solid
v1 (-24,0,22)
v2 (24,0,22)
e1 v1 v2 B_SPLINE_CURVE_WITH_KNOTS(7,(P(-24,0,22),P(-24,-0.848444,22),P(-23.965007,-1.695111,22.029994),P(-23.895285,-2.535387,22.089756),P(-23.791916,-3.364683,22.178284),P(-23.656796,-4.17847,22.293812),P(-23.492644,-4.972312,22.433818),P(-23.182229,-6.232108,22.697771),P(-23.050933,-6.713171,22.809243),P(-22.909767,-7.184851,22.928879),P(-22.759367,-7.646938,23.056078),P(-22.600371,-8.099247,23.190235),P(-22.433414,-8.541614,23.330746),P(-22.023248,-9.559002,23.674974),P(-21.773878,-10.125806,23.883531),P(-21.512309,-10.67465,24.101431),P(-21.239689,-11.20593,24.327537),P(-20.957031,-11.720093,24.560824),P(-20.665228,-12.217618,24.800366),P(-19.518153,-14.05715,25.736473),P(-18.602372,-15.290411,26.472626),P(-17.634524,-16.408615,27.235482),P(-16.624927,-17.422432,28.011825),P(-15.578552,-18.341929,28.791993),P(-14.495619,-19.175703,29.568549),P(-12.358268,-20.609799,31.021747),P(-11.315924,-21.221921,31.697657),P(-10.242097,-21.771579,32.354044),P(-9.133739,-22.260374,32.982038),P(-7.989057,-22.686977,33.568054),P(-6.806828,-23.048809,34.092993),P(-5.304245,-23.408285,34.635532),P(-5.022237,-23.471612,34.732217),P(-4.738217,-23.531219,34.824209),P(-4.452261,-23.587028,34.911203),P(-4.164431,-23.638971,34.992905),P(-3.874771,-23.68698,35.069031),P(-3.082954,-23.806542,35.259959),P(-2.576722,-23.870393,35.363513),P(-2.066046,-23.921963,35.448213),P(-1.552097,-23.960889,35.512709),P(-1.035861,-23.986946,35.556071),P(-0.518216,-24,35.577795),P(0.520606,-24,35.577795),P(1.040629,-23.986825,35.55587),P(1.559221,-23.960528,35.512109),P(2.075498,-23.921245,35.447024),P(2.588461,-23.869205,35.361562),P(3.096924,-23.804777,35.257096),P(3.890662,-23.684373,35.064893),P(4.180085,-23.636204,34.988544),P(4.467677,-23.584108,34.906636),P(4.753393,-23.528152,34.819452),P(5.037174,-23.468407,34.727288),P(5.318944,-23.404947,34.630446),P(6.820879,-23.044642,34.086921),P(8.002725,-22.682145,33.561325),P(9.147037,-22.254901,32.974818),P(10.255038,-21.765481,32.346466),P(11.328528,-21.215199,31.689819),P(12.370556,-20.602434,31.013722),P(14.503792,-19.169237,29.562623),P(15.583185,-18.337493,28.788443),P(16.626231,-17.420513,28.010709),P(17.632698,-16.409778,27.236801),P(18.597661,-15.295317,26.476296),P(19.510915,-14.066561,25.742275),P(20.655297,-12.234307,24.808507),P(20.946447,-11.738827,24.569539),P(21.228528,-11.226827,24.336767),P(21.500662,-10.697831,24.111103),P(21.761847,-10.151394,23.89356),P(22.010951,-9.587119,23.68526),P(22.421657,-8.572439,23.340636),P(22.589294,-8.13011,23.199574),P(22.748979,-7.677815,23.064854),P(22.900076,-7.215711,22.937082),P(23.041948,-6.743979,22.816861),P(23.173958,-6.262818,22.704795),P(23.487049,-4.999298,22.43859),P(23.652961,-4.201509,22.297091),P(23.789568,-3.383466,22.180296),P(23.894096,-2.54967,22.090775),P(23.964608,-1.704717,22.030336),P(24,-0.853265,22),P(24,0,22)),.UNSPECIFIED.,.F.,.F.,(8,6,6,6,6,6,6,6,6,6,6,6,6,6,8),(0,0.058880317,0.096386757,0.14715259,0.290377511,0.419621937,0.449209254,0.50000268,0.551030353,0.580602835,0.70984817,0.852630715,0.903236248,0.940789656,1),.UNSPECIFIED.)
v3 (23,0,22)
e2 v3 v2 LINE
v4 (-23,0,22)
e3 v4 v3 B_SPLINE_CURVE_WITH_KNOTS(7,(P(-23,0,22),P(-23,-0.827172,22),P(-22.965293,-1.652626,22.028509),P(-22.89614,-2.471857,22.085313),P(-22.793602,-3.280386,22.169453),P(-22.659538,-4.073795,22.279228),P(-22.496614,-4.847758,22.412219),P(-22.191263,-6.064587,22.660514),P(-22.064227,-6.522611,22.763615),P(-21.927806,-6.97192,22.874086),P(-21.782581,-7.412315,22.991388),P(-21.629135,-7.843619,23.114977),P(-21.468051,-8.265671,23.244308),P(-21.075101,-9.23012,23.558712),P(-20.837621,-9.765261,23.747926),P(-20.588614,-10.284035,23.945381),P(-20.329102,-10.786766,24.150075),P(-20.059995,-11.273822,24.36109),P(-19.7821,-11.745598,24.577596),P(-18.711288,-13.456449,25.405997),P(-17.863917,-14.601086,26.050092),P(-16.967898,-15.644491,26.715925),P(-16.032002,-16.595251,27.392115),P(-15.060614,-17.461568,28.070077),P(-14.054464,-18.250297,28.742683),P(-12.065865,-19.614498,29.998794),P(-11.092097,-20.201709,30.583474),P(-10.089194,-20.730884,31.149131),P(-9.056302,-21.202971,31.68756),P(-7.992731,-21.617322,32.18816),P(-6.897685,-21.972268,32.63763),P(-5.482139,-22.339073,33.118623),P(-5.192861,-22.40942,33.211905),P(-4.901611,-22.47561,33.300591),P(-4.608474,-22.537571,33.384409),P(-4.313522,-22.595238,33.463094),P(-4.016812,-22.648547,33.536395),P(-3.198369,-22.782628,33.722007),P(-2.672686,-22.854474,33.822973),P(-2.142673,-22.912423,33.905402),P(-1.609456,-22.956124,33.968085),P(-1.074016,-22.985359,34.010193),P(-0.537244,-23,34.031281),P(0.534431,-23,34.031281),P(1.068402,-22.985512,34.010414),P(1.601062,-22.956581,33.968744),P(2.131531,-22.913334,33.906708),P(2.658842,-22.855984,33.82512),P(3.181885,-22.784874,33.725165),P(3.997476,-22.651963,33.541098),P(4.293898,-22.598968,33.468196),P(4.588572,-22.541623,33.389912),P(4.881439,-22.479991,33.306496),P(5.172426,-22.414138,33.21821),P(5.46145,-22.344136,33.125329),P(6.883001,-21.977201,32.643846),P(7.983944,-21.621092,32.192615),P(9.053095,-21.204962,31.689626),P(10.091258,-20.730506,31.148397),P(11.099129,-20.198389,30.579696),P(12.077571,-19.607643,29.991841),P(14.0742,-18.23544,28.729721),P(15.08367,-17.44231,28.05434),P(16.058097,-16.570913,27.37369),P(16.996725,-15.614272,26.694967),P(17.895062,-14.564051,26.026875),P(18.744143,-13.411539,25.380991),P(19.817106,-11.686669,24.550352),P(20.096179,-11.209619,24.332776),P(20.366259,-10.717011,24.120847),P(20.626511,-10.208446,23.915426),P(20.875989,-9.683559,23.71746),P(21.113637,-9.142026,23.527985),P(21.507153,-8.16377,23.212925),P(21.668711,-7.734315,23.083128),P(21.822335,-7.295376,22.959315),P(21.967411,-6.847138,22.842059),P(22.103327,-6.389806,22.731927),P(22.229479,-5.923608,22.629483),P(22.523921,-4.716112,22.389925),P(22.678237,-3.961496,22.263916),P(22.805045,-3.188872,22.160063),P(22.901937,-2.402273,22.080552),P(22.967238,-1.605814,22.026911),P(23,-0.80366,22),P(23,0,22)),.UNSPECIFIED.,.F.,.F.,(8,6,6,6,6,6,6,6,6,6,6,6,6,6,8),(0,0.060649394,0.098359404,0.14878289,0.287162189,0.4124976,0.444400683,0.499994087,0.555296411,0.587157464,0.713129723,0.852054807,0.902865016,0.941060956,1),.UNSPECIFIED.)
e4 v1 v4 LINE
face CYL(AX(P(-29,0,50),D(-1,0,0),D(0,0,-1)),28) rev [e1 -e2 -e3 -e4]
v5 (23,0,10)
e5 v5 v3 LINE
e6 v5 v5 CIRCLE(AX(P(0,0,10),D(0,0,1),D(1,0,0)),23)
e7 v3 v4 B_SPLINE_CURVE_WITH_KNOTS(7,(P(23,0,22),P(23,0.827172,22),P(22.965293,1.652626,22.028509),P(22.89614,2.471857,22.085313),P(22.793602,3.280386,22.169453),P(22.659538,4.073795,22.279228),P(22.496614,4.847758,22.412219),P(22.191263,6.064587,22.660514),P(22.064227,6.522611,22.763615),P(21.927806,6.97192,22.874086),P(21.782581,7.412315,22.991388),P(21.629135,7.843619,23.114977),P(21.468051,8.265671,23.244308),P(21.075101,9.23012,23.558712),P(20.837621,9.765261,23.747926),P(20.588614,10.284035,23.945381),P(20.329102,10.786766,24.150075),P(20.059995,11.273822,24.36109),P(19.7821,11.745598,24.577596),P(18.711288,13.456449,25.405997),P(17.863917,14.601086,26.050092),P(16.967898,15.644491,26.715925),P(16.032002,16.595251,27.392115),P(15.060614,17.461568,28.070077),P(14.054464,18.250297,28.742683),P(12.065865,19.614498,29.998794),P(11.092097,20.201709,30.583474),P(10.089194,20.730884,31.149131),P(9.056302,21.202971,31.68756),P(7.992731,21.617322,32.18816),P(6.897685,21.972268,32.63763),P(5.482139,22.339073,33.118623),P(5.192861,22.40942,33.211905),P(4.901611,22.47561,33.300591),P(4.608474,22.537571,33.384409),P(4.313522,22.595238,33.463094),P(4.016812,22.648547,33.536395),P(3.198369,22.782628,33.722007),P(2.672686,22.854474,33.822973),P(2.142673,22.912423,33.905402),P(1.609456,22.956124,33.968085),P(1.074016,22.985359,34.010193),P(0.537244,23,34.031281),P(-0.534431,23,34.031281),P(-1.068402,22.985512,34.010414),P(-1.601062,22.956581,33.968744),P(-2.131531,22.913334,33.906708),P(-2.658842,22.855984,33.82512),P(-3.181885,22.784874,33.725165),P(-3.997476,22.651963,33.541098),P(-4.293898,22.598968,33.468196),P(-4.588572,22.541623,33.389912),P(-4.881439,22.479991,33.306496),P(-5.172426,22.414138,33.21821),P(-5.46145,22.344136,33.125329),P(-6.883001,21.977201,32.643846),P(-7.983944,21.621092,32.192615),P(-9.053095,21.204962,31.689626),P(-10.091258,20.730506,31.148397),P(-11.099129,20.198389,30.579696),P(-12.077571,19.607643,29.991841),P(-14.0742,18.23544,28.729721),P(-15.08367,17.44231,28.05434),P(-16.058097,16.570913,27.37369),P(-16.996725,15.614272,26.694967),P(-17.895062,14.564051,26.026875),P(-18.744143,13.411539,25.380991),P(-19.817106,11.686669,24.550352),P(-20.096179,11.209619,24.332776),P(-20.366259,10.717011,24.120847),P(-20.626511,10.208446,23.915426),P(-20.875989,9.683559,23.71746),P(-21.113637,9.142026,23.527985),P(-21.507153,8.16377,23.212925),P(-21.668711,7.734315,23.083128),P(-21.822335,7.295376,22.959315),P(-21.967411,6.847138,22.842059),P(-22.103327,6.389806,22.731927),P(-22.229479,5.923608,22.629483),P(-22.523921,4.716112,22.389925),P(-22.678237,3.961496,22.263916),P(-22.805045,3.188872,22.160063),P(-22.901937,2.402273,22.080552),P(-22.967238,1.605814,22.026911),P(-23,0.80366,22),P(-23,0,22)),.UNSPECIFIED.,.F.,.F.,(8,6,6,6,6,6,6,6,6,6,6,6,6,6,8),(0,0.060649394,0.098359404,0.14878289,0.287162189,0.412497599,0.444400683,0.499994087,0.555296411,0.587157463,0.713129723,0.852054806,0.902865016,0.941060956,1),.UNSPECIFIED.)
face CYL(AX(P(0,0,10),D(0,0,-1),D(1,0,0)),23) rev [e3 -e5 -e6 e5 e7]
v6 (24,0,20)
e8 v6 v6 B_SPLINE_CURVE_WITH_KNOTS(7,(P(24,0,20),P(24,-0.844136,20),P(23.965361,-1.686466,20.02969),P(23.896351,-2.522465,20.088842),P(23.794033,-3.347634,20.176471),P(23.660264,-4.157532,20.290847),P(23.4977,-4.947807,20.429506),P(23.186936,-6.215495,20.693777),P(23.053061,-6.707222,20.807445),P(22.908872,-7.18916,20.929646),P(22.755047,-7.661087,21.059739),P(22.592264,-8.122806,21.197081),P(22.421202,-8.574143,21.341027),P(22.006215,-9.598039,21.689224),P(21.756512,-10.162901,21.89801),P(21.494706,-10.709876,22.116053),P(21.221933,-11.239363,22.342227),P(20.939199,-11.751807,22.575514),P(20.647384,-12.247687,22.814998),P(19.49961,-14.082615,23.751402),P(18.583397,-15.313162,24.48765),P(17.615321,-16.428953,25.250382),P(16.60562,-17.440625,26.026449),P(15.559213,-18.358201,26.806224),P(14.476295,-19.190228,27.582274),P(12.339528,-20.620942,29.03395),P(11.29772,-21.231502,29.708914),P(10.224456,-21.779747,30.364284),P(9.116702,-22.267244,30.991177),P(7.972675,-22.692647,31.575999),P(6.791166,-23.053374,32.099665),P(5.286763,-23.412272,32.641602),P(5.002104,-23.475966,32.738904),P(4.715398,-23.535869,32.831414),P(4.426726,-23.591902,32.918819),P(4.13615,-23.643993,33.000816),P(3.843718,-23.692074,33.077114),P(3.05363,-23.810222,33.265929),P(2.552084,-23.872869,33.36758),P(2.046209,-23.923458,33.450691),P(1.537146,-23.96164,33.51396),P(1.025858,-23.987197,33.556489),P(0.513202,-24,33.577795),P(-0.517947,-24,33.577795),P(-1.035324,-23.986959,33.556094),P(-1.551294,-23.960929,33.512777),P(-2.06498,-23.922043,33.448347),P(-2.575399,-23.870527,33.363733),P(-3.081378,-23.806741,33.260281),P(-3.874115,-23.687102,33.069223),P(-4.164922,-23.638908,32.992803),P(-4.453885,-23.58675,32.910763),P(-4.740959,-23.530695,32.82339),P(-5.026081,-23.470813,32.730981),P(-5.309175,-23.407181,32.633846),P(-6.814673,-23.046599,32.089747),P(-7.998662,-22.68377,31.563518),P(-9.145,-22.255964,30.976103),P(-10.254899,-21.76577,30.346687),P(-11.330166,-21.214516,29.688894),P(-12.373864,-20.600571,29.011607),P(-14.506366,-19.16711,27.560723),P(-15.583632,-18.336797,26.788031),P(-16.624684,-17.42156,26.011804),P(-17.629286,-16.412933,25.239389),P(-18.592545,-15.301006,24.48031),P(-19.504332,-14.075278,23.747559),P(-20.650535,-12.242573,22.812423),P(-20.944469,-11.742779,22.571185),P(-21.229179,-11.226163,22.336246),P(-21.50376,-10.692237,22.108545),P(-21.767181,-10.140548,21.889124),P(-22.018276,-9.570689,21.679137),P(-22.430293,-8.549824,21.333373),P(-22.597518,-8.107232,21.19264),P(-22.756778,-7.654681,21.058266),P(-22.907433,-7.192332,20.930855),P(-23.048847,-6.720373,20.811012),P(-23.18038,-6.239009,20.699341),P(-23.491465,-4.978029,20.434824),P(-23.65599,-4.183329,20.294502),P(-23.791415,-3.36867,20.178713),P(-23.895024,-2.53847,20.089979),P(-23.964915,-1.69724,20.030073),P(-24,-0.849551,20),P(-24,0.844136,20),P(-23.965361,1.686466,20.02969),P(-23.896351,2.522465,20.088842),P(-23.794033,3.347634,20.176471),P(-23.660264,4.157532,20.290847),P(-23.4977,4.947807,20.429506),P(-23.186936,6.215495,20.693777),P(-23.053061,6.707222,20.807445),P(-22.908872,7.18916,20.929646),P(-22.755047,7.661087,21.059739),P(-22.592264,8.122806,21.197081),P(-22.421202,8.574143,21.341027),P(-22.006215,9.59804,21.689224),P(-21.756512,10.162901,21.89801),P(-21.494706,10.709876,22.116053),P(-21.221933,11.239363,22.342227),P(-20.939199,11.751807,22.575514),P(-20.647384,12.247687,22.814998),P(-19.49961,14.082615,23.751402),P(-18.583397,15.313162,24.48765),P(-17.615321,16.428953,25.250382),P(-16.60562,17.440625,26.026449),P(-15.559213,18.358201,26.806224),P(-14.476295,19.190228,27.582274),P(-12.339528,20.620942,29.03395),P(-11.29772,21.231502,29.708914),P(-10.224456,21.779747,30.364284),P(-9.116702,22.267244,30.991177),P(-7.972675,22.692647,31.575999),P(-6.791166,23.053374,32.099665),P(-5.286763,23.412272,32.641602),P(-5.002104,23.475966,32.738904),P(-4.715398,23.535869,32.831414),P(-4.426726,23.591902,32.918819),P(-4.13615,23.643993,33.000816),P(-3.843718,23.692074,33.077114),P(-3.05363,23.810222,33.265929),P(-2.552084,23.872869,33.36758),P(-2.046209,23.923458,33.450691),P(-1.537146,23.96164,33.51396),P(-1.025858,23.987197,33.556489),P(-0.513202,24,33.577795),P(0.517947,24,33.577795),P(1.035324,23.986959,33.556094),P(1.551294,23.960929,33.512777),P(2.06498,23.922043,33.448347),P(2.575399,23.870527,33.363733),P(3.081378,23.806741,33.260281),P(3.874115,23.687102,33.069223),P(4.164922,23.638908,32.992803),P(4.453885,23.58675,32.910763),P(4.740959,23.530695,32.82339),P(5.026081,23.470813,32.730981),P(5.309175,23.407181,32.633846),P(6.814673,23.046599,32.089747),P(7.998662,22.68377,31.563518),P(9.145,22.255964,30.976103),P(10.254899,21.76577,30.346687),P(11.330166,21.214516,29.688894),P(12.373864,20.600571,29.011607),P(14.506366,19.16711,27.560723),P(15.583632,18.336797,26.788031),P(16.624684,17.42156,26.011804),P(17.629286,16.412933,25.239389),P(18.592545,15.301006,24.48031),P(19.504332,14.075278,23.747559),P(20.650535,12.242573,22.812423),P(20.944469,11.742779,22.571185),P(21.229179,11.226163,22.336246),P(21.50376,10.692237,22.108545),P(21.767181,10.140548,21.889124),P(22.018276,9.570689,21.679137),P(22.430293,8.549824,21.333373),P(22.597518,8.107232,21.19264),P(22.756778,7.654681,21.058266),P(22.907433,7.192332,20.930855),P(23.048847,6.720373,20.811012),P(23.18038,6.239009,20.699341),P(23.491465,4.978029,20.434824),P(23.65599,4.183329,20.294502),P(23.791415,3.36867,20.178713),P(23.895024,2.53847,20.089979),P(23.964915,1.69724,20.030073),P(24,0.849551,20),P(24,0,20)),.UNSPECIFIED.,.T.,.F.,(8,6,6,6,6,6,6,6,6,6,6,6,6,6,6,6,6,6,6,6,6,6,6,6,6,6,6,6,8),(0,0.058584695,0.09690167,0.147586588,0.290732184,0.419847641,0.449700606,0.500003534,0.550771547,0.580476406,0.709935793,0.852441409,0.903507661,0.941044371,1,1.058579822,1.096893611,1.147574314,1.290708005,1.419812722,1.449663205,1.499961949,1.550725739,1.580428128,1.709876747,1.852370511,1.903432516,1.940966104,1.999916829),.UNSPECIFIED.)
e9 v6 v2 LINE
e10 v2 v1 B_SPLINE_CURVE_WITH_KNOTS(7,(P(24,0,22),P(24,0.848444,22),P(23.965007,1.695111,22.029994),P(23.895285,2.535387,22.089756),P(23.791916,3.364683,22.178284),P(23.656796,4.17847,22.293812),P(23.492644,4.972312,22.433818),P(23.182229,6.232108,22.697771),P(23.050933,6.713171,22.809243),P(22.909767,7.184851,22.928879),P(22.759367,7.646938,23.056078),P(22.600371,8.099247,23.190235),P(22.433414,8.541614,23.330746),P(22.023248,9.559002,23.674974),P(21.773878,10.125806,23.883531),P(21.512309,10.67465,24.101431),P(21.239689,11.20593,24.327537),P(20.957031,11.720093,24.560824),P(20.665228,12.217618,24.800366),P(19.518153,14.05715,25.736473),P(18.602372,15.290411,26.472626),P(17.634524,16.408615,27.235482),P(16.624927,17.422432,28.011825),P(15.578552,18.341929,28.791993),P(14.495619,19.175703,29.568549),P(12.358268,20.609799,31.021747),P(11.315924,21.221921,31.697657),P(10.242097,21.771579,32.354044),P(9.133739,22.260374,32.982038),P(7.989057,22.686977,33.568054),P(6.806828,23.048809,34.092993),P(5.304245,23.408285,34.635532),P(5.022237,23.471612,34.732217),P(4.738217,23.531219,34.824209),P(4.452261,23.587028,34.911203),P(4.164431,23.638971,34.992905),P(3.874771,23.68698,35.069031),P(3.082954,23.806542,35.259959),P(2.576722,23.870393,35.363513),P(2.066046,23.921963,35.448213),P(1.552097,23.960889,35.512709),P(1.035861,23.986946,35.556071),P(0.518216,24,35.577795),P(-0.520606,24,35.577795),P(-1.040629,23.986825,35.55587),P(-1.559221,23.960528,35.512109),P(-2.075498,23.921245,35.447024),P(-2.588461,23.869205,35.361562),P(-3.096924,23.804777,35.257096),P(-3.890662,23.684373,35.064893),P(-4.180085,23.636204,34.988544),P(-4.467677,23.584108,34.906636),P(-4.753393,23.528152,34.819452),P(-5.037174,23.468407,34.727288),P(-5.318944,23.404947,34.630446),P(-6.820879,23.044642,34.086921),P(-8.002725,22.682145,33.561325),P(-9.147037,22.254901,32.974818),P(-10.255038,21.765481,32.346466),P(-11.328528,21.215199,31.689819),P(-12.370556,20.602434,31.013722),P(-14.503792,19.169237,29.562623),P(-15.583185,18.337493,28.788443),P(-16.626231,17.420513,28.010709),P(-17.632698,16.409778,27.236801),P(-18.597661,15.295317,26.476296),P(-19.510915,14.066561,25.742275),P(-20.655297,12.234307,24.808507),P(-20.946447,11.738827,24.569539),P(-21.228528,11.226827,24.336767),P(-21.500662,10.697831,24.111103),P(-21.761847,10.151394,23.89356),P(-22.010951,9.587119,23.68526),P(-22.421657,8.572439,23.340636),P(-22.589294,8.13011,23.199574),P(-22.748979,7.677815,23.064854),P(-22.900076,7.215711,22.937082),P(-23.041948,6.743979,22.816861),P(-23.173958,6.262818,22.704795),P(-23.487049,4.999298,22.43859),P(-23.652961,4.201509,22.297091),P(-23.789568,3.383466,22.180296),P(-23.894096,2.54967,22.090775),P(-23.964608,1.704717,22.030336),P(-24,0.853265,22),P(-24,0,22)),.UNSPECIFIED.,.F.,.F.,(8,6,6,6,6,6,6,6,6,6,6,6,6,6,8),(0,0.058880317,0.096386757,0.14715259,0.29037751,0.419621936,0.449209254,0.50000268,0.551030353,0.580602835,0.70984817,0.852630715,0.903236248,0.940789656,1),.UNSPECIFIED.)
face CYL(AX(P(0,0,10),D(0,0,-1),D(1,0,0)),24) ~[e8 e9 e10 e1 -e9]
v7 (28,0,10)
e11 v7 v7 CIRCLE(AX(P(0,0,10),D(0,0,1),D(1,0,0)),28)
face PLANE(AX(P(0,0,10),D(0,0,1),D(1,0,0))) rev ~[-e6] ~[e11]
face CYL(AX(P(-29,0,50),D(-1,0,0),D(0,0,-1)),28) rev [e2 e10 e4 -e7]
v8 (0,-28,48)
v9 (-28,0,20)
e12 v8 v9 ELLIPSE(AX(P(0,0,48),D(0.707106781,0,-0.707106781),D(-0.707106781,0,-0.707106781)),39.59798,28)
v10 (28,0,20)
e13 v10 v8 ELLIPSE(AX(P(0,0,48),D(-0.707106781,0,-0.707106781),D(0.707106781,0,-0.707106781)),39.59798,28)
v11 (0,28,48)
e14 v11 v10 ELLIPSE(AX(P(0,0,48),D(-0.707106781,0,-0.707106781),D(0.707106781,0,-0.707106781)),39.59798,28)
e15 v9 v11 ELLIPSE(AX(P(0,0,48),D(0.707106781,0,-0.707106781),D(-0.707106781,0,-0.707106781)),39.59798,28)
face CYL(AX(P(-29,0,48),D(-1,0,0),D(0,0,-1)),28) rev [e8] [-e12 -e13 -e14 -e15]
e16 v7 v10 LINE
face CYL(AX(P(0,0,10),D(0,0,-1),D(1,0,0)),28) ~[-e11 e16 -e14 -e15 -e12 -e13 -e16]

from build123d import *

# Parameters (mm, degrees)
CYLINDER015_R     = 28
CYLINDER015_DEPTH = 61
CYLINDER014_R     = 23
CYLINDER014_DEPTH = 38
CYLINDER013_R     = 28
CYLINDER013_DEPTH = 38
CYLINDER017_R     = 28
CYLINDER017_DEPTH = 61
CYLINDER016_R     = 23
CYLINDER016_DEPTH = 40
CYLINDER018_R     = 24
CYLINDER018_DEPTH = 40


with BuildPart() as cylinder015:
    # Cylinder015 → Cylinder015 (new body)
    with BuildSketch(Plane(origin=(-29, 0, 38), x_dir=(0, 0, -1), z_dir=(1, 0, 0))):
        Circle(CYLINDER015_R)
    extrude(amount=CYLINDER015_DEPTH)


with BuildPart() as cylinder014:
    # Cylinder014 → Cylinder014 (new body)
    with BuildSketch(Plane.XY):
        Circle(CYLINDER014_R)
    extrude(amount=CYLINDER014_DEPTH)


with BuildPart() as cut013:
    # Cylinder013 → Cylinder013 (new body)
    with BuildSketch(Plane.XY):
        Circle(CYLINDER013_R)
    extrude(amount=CYLINDER013_DEPTH)

    # Cut012: cut Cylinder014
    add(cylinder014.part, mode=Mode.SUBTRACT)

    # Cut013: cut Cylinder015
    add(cylinder015.part, mode=Mode.SUBTRACT)


with BuildPart() as cylinder017:
    # Cylinder017 → Cylinder017 (new body)
    with BuildSketch(Plane(origin=(-29, 0, 40), x_dir=(0, 0, -1), z_dir=(1, 0, 0))):
        Circle(CYLINDER017_R)
    extrude(amount=CYLINDER017_DEPTH)


with BuildPart() as cylinder016:
    # Cylinder016 → Cylinder016 (new body)
    with BuildSketch(Plane.XY):
        Circle(CYLINDER016_R)
    extrude(amount=CYLINDER016_DEPTH)


with BuildPart() as fusion002:
    # Cylinder018 → Cylinder018 (new body)
    with BuildSketch(Plane.XY):
        Circle(CYLINDER018_R)
    extrude(amount=CYLINDER018_DEPTH)

    # Cut014: cut Cylinder016
    add(cylinder016.part, mode=Mode.SUBTRACT)

    # Cut015: cut Cylinder017
    add(cylinder017.part, mode=Mode.SUBTRACT)

    # Fusion002: union Cut013
    add(cut013.part)


with BuildPart() as fusion002_1:
    # Fusion002 placement: moved
    add(fusion002.part.moved(Location((0, 0, 10))))


solid = fusion002_1.part
